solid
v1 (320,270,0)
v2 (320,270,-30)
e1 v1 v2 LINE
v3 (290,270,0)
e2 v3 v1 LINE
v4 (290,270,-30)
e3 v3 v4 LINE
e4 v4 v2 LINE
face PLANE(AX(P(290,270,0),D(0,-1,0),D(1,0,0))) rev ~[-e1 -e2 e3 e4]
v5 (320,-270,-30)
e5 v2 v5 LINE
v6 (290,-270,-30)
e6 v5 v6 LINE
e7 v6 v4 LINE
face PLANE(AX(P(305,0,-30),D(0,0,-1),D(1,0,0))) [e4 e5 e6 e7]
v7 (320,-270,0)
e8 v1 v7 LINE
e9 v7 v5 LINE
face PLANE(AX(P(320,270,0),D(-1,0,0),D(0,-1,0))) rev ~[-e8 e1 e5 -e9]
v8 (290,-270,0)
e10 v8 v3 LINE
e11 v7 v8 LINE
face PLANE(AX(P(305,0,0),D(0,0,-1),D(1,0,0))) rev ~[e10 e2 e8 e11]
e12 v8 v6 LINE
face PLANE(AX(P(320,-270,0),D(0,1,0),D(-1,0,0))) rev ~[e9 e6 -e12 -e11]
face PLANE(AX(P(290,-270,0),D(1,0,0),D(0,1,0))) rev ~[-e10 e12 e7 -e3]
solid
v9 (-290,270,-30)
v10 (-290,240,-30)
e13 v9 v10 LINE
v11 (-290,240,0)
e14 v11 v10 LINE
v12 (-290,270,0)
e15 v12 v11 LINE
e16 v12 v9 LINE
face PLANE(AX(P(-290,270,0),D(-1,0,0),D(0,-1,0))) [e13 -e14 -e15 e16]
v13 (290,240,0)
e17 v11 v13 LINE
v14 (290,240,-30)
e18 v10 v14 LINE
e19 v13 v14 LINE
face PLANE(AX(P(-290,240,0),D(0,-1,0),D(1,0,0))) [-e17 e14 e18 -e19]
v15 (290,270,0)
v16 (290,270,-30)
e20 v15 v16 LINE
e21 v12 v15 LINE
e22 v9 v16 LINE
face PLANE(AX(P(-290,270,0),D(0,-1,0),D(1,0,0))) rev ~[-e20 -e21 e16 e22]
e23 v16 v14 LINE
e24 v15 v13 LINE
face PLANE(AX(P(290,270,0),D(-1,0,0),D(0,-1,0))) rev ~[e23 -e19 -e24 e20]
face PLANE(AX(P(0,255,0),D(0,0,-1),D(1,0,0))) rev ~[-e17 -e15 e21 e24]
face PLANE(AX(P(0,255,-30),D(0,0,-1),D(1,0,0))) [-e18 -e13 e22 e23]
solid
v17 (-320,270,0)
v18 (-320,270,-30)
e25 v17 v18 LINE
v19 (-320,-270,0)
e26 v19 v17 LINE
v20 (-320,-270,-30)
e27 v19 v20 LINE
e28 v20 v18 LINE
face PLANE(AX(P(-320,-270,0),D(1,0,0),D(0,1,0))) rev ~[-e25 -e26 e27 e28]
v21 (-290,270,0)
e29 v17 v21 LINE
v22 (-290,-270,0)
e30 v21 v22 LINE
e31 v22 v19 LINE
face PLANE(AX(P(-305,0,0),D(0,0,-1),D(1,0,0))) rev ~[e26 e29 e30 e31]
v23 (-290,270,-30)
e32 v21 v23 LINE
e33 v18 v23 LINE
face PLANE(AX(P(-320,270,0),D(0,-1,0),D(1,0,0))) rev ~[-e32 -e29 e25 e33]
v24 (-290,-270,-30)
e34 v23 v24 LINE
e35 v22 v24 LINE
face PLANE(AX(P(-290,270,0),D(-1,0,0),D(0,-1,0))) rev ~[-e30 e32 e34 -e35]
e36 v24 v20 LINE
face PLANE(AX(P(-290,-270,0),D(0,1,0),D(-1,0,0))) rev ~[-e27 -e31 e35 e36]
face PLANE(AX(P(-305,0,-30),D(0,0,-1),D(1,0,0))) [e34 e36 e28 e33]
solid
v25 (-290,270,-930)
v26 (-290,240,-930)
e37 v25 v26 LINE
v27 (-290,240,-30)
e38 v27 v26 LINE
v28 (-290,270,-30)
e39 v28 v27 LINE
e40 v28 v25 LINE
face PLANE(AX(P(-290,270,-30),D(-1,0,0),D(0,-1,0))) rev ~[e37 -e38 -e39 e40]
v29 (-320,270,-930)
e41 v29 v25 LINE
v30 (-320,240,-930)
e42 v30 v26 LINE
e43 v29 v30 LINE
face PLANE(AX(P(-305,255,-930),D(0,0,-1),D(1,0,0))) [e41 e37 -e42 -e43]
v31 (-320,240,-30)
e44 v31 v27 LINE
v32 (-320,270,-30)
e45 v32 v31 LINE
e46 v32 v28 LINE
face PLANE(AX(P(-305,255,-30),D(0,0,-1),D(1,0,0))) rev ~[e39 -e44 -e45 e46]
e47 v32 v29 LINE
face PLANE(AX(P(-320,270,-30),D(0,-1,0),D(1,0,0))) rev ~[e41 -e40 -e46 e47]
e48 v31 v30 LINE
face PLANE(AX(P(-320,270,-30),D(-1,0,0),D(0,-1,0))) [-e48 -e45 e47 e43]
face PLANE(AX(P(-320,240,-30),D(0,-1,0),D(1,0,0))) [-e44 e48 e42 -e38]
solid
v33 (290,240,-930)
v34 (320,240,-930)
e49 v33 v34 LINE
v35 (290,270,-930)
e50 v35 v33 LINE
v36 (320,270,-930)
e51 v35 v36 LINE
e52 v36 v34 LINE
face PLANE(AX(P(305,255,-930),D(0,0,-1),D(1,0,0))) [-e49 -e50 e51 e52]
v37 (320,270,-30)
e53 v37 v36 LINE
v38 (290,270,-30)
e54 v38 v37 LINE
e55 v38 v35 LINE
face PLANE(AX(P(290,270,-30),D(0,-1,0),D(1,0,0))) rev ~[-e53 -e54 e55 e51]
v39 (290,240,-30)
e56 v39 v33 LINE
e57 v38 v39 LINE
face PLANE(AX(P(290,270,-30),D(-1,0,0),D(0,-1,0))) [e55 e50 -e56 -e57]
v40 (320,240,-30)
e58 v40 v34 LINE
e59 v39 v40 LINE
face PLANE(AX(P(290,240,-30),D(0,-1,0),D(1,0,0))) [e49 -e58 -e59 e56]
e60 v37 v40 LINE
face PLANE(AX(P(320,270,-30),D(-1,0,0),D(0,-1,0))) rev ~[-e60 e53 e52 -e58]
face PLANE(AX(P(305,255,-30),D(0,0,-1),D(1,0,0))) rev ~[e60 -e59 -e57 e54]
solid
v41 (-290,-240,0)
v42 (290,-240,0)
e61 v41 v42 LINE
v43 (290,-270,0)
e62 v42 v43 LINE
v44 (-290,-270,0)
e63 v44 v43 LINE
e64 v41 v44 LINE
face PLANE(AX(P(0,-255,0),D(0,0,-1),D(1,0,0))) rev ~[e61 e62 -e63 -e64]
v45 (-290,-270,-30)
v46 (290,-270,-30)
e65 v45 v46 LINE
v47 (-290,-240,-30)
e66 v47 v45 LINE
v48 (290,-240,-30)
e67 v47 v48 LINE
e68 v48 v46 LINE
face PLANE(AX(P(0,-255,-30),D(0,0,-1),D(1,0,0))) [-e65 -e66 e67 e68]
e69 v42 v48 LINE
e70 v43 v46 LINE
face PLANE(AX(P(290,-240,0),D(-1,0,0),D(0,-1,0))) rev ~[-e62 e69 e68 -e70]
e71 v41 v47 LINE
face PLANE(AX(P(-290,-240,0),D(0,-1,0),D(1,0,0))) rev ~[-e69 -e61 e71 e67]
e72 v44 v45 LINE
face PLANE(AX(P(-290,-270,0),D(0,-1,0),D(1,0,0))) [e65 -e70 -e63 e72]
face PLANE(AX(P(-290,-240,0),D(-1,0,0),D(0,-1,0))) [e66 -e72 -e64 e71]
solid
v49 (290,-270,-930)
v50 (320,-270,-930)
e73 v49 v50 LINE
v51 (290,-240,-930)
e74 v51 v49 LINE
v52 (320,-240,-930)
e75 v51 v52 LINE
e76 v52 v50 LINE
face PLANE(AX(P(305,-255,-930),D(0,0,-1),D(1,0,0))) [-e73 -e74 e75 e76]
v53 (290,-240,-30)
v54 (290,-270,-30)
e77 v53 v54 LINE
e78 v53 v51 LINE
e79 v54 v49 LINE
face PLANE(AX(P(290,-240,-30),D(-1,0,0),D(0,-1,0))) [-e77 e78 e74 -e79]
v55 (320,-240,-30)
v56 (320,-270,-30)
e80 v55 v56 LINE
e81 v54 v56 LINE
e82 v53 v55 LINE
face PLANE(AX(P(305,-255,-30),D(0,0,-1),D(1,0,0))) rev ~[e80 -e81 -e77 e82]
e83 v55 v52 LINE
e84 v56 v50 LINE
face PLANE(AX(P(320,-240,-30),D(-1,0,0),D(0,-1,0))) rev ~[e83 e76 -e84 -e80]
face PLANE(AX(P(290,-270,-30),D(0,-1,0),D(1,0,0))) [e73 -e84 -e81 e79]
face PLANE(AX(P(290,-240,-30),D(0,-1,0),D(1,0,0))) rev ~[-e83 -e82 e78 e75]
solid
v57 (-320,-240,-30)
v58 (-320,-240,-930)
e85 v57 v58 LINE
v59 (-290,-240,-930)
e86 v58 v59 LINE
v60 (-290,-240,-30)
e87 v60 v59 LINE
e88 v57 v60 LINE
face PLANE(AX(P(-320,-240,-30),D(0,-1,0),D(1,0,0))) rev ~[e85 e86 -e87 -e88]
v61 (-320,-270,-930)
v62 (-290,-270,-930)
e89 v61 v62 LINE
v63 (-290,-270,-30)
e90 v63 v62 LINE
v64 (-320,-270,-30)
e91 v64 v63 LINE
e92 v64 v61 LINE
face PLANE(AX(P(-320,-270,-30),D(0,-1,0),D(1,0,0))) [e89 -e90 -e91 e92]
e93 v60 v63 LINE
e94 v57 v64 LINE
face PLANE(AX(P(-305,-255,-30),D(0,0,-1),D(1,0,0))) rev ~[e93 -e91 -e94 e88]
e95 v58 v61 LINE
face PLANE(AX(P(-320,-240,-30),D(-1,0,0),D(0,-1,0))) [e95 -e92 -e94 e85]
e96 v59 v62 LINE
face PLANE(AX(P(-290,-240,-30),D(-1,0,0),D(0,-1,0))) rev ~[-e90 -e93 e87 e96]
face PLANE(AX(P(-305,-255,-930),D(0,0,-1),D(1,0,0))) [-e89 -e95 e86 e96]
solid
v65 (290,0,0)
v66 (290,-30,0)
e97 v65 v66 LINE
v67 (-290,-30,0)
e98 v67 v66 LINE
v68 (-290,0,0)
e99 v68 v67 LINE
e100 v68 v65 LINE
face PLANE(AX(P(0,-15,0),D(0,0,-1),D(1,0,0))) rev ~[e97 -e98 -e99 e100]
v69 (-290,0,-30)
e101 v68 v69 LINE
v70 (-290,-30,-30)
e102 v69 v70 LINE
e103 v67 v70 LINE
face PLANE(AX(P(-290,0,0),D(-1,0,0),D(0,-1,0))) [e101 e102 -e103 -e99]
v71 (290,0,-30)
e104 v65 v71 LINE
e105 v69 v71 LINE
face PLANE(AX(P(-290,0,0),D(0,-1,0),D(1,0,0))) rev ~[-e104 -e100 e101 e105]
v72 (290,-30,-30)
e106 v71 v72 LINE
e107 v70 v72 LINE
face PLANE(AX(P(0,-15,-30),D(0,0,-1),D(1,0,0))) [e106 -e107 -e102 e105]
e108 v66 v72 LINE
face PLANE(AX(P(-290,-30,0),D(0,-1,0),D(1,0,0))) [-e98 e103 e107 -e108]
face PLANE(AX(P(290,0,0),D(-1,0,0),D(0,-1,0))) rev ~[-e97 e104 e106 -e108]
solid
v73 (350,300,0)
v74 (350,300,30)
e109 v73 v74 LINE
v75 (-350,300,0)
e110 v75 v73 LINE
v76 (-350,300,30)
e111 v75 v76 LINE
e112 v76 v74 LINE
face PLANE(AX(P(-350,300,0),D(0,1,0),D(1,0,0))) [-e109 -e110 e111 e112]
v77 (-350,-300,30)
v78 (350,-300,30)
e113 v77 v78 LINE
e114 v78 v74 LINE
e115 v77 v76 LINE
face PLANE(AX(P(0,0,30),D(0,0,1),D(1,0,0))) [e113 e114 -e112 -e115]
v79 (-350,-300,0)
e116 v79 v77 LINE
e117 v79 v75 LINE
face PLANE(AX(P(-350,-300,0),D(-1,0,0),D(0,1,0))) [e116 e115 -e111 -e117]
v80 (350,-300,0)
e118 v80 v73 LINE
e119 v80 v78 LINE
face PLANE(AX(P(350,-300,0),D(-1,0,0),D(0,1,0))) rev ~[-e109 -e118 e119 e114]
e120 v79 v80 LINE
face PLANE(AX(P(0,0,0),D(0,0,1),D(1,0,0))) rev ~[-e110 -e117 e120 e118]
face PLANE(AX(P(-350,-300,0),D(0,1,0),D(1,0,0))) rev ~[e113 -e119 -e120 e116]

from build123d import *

# Parameters (mm, degrees)
F0_W     = 700
F0_H     = 600
F1_DEPTH = 30
F2_W     = 580
F2_H     = 30
F3_DEPTH = 30
F4_DEPTH = 30
F5_DEPTH = 30
F6_W     = 30
F6_H     = 30
F7_DEPTH = 900


with BuildPart() as f1:
    # F0 (on Top) → F1 (new body)
    with BuildSketch(Plane.XY):
        Rectangle(F0_W, F0_H)
    extrude(amount=F1_DEPTH)


with BuildPart() as f3:
    # F2 (on face) → F3 (new body)
    with BuildSketch(Plane(origin=(0, 0, 0), x_dir=(1, 0, 0), z_dir=(0, 0, -1))):
        with Locations((0, 255)):
            Rectangle(F2_W, F2_H)
        with Locations((0, -255)):
            Rectangle(F2_W, F2_H)
    extrude(amount=F3_DEPTH)


with BuildPart() as f4:
    # F2 (on face) → F4 (new body)
    with BuildSketch(Plane(origin=(0, 0, 0), x_dir=(1, 0, 0), z_dir=(0, 0, -1))):
        Polygon((-290, 240), (-290, 270), (-320, 270), (-320, -270), (-290, -270), (-290, -240), (-290, 0), (-290, 30), align=None)
        Polygon((320, -270), (320, 270), (290, 270), (290, 240), (290, 30), (290, 0), (290, -240), (290, -270), align=None)
    extrude(amount=F4_DEPTH)


with BuildPart() as f5:
    # F2 (on face) → F5 (new body)
    with BuildSketch(Plane(origin=(0, 0, 0), x_dir=(1, 0, 0), z_dir=(0, 0, -1))):
        with Locations((0, 15)):
            Rectangle(F2_W, F2_H)
    extrude(amount=F5_DEPTH)


with BuildPart() as f7:
    # F6 (on face) → F7 (new body)
    with BuildSketch(Plane(origin=(0, 0, -30), x_dir=(1, 0, 0), z_dir=(0, 0, -1))):
        with Locations((-305, 255)):
            Rectangle(F6_W, F6_H)
        with Locations((-305, -255)):
            Rectangle(F6_W, F6_H)
        with Locations((305, -255)):
            Rectangle(F6_W, F6_H)
        with Locations((305, 255)):
            Rectangle(F6_W, F6_H)
    extrude(amount=F7_DEPTH)


solid = Compound([f1.part, f3.part, f4.part, f5.part, f7.part])
